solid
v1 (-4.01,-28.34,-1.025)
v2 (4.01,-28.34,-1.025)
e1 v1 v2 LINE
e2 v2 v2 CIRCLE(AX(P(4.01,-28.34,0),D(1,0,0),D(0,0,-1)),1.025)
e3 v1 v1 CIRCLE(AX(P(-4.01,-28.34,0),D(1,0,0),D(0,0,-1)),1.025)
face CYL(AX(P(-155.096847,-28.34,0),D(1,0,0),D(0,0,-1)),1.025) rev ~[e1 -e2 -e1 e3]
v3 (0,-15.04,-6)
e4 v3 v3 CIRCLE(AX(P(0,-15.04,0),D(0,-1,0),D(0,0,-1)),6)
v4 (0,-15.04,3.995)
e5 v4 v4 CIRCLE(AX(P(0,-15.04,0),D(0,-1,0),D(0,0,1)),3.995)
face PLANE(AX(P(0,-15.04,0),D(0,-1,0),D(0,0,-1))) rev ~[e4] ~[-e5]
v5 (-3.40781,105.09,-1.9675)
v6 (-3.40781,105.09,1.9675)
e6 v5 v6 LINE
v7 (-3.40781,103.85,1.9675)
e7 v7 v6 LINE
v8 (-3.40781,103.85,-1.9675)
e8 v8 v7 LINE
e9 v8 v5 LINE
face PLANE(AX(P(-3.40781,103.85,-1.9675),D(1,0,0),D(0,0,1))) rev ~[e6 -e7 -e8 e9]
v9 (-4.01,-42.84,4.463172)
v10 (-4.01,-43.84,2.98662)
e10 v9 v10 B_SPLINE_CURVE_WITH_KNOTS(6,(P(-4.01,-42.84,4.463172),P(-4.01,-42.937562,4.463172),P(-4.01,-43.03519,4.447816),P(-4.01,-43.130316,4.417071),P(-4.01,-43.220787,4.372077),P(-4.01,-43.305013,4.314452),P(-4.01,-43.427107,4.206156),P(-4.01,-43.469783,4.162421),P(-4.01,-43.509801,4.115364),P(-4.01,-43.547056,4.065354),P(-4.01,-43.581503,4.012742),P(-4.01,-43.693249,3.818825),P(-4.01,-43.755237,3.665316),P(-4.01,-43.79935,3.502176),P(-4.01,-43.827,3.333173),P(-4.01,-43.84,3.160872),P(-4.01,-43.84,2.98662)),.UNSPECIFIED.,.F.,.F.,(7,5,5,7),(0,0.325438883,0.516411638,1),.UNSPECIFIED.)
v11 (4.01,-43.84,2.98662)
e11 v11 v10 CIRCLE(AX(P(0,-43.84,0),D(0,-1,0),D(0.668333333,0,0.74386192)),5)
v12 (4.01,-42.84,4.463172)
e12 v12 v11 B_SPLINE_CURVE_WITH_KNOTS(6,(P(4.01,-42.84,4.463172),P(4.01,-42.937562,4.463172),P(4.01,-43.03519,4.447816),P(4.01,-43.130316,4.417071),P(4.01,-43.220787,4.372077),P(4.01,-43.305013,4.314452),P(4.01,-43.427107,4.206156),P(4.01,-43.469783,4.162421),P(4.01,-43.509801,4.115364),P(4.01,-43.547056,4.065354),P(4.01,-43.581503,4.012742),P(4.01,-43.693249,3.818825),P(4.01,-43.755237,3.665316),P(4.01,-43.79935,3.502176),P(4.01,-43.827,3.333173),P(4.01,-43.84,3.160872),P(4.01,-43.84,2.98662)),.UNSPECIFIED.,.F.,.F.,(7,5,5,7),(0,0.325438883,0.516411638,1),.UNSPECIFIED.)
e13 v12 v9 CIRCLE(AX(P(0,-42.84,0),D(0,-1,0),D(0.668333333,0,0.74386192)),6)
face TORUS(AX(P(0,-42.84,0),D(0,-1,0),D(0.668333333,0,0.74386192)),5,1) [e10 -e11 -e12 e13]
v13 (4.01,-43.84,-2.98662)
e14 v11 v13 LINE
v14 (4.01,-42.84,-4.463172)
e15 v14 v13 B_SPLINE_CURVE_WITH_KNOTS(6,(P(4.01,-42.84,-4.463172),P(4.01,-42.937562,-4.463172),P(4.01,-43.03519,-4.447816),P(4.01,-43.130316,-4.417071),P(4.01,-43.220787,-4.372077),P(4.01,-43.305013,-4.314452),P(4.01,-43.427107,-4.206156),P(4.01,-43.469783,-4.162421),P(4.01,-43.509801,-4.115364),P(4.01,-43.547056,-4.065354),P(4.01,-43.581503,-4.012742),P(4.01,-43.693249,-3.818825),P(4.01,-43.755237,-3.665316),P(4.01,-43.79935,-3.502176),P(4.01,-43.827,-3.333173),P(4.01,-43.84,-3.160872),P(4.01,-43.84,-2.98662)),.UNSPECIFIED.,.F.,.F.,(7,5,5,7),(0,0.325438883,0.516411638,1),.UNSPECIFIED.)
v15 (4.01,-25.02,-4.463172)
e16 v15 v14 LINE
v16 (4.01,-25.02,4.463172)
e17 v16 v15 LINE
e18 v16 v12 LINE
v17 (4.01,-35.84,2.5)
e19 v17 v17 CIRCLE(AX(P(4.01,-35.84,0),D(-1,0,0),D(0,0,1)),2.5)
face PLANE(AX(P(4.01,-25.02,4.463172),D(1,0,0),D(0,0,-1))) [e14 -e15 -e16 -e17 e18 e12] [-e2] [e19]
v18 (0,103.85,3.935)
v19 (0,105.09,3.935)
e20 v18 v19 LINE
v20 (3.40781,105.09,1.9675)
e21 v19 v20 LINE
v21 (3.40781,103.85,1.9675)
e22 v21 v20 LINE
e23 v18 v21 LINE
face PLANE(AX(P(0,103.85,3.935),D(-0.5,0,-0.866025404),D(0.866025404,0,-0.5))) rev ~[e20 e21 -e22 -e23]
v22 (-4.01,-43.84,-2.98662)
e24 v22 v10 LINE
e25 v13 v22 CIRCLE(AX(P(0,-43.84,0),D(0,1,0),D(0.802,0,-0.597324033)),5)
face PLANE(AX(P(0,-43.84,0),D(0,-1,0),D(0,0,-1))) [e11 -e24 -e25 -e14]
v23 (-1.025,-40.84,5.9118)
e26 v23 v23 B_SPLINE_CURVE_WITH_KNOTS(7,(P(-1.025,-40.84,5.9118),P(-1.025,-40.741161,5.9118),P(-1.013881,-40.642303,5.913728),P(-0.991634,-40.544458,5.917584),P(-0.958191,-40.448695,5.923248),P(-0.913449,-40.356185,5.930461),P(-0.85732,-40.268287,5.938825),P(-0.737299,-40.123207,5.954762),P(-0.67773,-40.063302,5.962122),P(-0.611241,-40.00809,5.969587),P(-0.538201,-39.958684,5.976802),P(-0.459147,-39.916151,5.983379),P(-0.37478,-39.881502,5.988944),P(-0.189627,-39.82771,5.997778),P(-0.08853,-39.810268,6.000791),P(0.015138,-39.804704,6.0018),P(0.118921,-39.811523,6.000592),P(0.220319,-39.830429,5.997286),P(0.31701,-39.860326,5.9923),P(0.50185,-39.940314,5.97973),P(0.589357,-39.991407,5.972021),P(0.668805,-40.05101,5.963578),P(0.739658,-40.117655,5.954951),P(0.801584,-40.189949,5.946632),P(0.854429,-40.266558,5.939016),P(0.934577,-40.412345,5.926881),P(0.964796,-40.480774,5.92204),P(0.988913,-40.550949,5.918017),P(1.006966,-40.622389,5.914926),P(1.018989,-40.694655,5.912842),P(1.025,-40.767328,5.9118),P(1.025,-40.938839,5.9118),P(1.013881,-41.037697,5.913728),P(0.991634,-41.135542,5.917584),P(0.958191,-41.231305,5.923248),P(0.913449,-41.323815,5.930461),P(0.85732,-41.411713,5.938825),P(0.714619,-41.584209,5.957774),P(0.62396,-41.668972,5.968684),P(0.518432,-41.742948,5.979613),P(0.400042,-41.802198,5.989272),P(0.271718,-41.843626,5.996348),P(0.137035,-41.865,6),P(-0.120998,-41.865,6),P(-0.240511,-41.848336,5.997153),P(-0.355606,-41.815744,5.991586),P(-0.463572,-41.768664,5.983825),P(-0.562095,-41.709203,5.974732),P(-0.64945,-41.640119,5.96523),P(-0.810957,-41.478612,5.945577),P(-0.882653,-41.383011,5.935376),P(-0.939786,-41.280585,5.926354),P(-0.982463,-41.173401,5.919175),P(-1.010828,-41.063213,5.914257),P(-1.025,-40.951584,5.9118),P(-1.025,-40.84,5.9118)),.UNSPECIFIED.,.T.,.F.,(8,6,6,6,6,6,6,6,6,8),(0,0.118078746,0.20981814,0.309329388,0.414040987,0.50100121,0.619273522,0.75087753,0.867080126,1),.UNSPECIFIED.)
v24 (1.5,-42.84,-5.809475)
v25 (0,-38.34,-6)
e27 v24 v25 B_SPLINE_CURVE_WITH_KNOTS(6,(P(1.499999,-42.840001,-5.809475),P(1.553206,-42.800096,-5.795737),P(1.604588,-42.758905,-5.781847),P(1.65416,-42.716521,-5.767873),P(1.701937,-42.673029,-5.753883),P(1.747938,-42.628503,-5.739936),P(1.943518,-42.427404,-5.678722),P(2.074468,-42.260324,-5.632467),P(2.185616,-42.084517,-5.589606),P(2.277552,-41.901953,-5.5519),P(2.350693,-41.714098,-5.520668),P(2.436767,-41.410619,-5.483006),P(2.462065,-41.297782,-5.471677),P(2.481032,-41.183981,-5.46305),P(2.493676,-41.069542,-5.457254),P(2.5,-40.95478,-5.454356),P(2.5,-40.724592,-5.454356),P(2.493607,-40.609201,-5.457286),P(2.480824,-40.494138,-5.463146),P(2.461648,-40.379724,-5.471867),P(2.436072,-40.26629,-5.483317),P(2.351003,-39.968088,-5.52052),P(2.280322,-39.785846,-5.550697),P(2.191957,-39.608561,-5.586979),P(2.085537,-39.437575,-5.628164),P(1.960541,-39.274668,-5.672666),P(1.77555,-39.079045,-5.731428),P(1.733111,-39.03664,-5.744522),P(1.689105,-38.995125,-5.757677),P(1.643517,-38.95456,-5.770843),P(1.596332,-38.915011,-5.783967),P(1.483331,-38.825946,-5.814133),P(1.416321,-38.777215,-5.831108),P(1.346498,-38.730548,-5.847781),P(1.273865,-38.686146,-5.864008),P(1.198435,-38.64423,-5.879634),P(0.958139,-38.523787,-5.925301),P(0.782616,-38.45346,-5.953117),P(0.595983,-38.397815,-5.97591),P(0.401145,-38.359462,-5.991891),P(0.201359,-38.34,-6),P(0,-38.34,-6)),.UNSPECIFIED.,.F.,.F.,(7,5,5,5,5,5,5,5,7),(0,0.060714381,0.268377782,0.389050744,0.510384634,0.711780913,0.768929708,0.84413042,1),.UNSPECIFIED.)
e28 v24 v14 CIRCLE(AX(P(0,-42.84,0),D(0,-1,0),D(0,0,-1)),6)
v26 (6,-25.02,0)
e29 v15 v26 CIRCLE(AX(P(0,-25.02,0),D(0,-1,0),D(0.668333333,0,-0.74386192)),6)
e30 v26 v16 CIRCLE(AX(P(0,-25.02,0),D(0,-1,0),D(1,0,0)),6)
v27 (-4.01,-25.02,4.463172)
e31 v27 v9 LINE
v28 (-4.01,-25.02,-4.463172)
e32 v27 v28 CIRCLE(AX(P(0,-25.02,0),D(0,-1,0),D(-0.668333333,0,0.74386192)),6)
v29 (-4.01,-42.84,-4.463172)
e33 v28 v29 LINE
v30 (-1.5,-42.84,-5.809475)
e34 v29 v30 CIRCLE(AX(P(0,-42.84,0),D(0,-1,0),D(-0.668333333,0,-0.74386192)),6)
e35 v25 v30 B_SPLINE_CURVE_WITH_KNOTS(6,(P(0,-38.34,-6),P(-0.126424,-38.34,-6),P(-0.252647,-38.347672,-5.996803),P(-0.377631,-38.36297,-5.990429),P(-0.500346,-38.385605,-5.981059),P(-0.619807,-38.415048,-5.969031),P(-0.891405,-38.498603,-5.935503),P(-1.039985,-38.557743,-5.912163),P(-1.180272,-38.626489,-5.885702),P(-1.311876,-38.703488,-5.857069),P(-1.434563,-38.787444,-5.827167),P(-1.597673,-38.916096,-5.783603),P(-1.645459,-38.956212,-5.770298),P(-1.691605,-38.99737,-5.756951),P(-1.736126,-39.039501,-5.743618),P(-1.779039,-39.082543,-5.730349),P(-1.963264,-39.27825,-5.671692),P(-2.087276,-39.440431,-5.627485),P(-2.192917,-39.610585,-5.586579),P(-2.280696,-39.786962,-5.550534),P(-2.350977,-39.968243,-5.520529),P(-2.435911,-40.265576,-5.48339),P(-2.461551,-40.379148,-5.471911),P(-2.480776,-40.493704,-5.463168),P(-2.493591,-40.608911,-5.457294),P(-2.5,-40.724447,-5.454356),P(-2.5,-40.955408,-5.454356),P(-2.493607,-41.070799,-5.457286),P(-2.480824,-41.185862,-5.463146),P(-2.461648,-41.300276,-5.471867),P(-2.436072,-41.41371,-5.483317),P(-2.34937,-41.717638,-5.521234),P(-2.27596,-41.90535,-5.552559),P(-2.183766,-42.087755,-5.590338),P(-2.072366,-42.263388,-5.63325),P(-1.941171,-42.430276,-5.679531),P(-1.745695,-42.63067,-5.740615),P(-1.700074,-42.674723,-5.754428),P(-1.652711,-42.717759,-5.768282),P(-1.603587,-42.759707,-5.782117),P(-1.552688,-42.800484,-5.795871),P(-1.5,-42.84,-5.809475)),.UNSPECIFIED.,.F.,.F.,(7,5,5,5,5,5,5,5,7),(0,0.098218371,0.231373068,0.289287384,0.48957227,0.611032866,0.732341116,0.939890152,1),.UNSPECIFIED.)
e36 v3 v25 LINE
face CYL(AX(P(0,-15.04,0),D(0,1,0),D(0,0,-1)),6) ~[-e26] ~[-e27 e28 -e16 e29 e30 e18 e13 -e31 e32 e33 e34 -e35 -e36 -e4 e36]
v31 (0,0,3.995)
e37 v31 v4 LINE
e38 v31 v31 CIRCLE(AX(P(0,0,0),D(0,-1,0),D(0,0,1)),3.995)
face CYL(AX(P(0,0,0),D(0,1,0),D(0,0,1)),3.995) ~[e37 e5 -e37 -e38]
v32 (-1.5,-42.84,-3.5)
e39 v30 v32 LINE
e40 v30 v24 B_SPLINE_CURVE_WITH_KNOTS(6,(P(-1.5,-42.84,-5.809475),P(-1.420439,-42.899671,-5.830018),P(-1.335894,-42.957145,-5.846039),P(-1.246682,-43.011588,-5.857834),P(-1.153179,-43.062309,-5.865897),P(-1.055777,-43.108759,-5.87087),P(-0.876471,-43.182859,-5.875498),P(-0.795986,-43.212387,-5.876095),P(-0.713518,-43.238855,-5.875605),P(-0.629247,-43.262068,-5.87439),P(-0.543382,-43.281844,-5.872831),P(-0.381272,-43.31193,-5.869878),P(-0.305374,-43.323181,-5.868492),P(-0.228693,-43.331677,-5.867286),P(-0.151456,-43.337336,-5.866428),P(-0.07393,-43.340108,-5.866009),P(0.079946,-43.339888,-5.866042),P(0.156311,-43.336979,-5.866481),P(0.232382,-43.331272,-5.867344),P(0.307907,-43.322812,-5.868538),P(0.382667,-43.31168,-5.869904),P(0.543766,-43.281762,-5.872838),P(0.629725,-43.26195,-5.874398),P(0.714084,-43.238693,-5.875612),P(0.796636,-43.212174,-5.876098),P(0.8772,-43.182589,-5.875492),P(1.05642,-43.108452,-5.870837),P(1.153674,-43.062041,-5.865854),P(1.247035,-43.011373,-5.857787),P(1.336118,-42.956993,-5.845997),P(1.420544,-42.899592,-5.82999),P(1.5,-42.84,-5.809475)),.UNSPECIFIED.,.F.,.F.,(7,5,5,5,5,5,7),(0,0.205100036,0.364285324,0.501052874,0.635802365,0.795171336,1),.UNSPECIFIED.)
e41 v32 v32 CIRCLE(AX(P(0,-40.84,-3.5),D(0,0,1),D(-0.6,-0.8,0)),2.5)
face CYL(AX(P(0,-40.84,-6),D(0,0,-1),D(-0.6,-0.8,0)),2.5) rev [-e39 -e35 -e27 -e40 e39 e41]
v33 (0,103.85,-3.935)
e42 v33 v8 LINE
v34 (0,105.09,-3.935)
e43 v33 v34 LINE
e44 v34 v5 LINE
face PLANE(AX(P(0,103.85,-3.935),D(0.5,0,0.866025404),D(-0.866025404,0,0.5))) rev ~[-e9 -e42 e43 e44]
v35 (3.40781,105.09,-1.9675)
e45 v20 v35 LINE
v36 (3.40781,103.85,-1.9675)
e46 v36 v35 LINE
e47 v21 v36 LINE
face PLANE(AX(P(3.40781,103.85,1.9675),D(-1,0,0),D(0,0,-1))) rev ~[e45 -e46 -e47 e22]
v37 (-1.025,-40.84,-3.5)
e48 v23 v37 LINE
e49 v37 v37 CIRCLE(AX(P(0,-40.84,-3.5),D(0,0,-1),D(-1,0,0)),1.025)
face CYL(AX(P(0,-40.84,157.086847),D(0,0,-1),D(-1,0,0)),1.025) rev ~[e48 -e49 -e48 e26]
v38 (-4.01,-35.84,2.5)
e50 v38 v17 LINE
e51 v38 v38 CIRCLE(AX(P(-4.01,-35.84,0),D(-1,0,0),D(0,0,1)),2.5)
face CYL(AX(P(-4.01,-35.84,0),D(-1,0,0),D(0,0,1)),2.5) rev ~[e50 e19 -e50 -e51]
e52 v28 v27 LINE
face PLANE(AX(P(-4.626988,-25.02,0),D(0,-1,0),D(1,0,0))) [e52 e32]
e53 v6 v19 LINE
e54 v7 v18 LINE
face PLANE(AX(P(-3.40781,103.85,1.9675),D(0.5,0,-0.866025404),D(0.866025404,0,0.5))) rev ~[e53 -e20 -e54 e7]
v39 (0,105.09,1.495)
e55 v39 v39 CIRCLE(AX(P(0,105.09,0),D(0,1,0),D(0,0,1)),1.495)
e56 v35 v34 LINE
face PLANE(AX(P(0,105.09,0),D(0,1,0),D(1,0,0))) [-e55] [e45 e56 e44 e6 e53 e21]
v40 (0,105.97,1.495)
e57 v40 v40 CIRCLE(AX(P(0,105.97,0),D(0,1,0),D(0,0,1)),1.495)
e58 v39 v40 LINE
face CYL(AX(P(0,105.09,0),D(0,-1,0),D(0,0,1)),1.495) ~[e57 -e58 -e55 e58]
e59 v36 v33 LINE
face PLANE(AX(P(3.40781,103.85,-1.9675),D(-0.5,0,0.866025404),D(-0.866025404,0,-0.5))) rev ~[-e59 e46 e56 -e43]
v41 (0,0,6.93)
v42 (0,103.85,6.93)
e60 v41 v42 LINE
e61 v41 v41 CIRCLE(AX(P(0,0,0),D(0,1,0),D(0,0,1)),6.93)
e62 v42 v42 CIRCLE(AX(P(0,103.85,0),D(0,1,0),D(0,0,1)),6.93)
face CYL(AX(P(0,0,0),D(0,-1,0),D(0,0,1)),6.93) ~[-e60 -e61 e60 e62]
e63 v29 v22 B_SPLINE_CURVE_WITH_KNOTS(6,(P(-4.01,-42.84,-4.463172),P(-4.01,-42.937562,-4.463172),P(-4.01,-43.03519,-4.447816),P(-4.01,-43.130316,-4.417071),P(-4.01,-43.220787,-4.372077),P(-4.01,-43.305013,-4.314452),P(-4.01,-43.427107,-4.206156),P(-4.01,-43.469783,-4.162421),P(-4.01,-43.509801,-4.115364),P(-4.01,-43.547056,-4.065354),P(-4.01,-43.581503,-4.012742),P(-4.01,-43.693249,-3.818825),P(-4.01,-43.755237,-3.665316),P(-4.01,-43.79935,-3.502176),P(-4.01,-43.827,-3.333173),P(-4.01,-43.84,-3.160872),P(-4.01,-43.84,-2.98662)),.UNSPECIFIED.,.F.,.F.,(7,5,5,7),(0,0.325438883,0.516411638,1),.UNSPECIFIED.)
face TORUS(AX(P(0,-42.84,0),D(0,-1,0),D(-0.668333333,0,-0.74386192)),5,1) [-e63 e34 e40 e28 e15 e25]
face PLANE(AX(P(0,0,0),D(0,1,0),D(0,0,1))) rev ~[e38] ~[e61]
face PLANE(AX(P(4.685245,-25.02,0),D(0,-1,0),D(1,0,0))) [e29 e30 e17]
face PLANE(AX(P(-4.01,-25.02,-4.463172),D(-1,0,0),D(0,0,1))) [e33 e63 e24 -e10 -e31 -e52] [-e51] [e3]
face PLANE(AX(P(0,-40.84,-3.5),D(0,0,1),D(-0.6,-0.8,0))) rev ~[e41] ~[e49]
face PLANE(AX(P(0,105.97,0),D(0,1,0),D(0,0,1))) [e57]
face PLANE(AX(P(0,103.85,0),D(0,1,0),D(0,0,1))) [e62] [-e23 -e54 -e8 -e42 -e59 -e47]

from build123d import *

# Parameters (mm, degrees)
SCHIZZO1_R                   = 6.93
ESTRUSIONE_ESTRUSIONE1_DEPTH = 103.85
ESTRUSIONE_ESTRUSIONE2_DEPTH = 1.24
SCHIZZO3_R                   = 1.495
ESTRUSIONE_ESTRUSIONE3_DEPTH = 0.88
SCHIZZO4_R                   = 3.995
ESTRUSIONE_ESTRUSIONE4_DEPTH = 15.04
SCHIZZO5_R                   = 6
ESTRUSIONE_ESTRUSIONE5_DEPTH = 28.8
TAGLIO_ESTRUSIONE1_START     = -18.82
TAGLIO_ESTRUSIONE1_DEPTH     = 18.82
SCHIZZO7_R                   = 2.5
TAGLIO_ESTRUSIONE2_DEPTH     = 107.758369227
FORO_FILETTATO_M2_5X0_45_1_D = 2.05
RACCORDO1_R                  = 1
FORO_FILETTATO_M2_5X0_45_2_D = 2.05
SCHIZZO12_R                  = 2.5
TAGLIO_ESTRUSIONE5_DEPTH     = 2.5


with BuildPart() as part:
    # Schizzo1 → Estrusione-Estrusione1 (new body)
    with BuildSketch(Plane(origin=(0, 0, 0), x_dir=(1, 0, 0), z_dir=(0, 1, 0))):
        with Locations(Location((0, 0, 0), (0, 0, 270))):
            Circle(SCHIZZO1_R)
    extrude(amount=ESTRUSIONE_ESTRUSIONE1_DEPTH)

    # Schizzo2 → Estrusione-Estrusione2 (add)
    with BuildSketch(Plane(origin=(0, 103.85, 0), x_dir=(1, 0, 0), z_dir=(0, 1, 0))):
        Polygon((-3.407809964, 1.9675), (-3.407809964, -1.9675), (0, -3.935), (3.407809964, -1.9675), (3.407809964, 1.9675), (0, 3.935), align=None)
    extrude(amount=ESTRUSIONE_ESTRUSIONE2_DEPTH)

    # Schizzo3 → Estrusione-Estrusione3 (add)
    with BuildSketch(Plane(origin=(0, 105.09, 0), x_dir=(1, 0, 0), z_dir=(0, 1, 0))):
        with Locations(Location((0, 0, 0), (0, 0, 270))):
            Circle(SCHIZZO3_R)
    extrude(amount=ESTRUSIONE_ESTRUSIONE3_DEPTH)

    # Schizzo4 → Estrusione-Estrusione4 (add)
    with BuildSketch(Plane(origin=(0, 0, 0), x_dir=(-1, 0, 0), z_dir=(0, -1, 0))):
        with Locations(Location((0, 0, 0), (0, 0, 270))):
            Circle(SCHIZZO4_R)
    extrude(amount=ESTRUSIONE_ESTRUSIONE4_DEPTH)

    # Schizzo5 → Estrusione-Estrusione5 (add)
    with BuildSketch(Plane.XZ.offset(15.04)):
        with Locations(Location((0, 0, 0), (0, 0, 270))):
            Circle(SCHIZZO5_R)
    extrude(amount=ESTRUSIONE_ESTRUSIONE5_DEPTH)

    # Schizzo6 → Taglio-Estrusione1 (cut)
    with BuildSketch(Plane.XZ.offset(43.84).offset(TAGLIO_ESTRUSIONE1_START)):
        with BuildLine():
            Line((-4.01, -4.463171518), (-4.01, 4.463171518))
            ThreePointArc((-4.01, 4.463171518), (-6, 0), (-4.01, -4.463171518))
        make_face()
        with BuildLine():
            ThreePointArc((6, 0), (5.479963504, 2.443358345), (4.01, 4.463171518))
            Line((4.01, 4.463171518), (4.01, -4.463171518))
            ThreePointArc((4.01, -4.463171518), (5.479963504, -2.443358345), (6, 0))
        make_face()
    extrude(amount=TAGLIO_ESTRUSIONE1_DEPTH, mode=Mode.SUBTRACT)

    # Schizzo7 → Taglio-Estrusione2 (cut, through all)
    with BuildSketch(Plane.ZY.offset(4.01)):
        with Locations((0, -35.84)):
            Circle(SCHIZZO7_R)
    extrude(amount=-TAGLIO_ESTRUSIONE2_DEPTH, mode=Mode.SUBTRACT)

    # Foro filettato M2.5x0.45-1 (through all)
    with Locations(Plane.ZY.offset(4.01)):
        with Locations((0, -28.34)):
            Hole(FORO_FILETTATO_M2_5X0_45_1_D / 2)

    # Raccordo1
    raccordo1_edges = [part.edges().sort_by_distance(p)[0] for p in [
        (2.1472041, -43.84, -5.602634608),
        (0, -43.84, 6),
    ]]
    fillet(raccordo1_edges, radius=RACCORDO1_R)

    # Foro filettato M2.5x0.45-2 (through all)
    with Locations(Plane(origin=(0, -40.84, 6), x_dir=(1, 0, 0), z_dir=(0, 0, 1))):
        with Locations((0, 0)):
            Hole(FORO_FILETTATO_M2_5X0_45_2_D / 2)

    # Schizzo12 → Taglio-Estrusione5 (cut)
    with BuildSketch(Plane.XY.offset(-6)):
        with Locations(Location((0, -40.84, 0), (0, 0, 233.130102354))):
            Circle(SCHIZZO12_R)
    extrude(amount=TAGLIO_ESTRUSIONE5_DEPTH, mode=Mode.SUBTRACT)


solid = part.part
